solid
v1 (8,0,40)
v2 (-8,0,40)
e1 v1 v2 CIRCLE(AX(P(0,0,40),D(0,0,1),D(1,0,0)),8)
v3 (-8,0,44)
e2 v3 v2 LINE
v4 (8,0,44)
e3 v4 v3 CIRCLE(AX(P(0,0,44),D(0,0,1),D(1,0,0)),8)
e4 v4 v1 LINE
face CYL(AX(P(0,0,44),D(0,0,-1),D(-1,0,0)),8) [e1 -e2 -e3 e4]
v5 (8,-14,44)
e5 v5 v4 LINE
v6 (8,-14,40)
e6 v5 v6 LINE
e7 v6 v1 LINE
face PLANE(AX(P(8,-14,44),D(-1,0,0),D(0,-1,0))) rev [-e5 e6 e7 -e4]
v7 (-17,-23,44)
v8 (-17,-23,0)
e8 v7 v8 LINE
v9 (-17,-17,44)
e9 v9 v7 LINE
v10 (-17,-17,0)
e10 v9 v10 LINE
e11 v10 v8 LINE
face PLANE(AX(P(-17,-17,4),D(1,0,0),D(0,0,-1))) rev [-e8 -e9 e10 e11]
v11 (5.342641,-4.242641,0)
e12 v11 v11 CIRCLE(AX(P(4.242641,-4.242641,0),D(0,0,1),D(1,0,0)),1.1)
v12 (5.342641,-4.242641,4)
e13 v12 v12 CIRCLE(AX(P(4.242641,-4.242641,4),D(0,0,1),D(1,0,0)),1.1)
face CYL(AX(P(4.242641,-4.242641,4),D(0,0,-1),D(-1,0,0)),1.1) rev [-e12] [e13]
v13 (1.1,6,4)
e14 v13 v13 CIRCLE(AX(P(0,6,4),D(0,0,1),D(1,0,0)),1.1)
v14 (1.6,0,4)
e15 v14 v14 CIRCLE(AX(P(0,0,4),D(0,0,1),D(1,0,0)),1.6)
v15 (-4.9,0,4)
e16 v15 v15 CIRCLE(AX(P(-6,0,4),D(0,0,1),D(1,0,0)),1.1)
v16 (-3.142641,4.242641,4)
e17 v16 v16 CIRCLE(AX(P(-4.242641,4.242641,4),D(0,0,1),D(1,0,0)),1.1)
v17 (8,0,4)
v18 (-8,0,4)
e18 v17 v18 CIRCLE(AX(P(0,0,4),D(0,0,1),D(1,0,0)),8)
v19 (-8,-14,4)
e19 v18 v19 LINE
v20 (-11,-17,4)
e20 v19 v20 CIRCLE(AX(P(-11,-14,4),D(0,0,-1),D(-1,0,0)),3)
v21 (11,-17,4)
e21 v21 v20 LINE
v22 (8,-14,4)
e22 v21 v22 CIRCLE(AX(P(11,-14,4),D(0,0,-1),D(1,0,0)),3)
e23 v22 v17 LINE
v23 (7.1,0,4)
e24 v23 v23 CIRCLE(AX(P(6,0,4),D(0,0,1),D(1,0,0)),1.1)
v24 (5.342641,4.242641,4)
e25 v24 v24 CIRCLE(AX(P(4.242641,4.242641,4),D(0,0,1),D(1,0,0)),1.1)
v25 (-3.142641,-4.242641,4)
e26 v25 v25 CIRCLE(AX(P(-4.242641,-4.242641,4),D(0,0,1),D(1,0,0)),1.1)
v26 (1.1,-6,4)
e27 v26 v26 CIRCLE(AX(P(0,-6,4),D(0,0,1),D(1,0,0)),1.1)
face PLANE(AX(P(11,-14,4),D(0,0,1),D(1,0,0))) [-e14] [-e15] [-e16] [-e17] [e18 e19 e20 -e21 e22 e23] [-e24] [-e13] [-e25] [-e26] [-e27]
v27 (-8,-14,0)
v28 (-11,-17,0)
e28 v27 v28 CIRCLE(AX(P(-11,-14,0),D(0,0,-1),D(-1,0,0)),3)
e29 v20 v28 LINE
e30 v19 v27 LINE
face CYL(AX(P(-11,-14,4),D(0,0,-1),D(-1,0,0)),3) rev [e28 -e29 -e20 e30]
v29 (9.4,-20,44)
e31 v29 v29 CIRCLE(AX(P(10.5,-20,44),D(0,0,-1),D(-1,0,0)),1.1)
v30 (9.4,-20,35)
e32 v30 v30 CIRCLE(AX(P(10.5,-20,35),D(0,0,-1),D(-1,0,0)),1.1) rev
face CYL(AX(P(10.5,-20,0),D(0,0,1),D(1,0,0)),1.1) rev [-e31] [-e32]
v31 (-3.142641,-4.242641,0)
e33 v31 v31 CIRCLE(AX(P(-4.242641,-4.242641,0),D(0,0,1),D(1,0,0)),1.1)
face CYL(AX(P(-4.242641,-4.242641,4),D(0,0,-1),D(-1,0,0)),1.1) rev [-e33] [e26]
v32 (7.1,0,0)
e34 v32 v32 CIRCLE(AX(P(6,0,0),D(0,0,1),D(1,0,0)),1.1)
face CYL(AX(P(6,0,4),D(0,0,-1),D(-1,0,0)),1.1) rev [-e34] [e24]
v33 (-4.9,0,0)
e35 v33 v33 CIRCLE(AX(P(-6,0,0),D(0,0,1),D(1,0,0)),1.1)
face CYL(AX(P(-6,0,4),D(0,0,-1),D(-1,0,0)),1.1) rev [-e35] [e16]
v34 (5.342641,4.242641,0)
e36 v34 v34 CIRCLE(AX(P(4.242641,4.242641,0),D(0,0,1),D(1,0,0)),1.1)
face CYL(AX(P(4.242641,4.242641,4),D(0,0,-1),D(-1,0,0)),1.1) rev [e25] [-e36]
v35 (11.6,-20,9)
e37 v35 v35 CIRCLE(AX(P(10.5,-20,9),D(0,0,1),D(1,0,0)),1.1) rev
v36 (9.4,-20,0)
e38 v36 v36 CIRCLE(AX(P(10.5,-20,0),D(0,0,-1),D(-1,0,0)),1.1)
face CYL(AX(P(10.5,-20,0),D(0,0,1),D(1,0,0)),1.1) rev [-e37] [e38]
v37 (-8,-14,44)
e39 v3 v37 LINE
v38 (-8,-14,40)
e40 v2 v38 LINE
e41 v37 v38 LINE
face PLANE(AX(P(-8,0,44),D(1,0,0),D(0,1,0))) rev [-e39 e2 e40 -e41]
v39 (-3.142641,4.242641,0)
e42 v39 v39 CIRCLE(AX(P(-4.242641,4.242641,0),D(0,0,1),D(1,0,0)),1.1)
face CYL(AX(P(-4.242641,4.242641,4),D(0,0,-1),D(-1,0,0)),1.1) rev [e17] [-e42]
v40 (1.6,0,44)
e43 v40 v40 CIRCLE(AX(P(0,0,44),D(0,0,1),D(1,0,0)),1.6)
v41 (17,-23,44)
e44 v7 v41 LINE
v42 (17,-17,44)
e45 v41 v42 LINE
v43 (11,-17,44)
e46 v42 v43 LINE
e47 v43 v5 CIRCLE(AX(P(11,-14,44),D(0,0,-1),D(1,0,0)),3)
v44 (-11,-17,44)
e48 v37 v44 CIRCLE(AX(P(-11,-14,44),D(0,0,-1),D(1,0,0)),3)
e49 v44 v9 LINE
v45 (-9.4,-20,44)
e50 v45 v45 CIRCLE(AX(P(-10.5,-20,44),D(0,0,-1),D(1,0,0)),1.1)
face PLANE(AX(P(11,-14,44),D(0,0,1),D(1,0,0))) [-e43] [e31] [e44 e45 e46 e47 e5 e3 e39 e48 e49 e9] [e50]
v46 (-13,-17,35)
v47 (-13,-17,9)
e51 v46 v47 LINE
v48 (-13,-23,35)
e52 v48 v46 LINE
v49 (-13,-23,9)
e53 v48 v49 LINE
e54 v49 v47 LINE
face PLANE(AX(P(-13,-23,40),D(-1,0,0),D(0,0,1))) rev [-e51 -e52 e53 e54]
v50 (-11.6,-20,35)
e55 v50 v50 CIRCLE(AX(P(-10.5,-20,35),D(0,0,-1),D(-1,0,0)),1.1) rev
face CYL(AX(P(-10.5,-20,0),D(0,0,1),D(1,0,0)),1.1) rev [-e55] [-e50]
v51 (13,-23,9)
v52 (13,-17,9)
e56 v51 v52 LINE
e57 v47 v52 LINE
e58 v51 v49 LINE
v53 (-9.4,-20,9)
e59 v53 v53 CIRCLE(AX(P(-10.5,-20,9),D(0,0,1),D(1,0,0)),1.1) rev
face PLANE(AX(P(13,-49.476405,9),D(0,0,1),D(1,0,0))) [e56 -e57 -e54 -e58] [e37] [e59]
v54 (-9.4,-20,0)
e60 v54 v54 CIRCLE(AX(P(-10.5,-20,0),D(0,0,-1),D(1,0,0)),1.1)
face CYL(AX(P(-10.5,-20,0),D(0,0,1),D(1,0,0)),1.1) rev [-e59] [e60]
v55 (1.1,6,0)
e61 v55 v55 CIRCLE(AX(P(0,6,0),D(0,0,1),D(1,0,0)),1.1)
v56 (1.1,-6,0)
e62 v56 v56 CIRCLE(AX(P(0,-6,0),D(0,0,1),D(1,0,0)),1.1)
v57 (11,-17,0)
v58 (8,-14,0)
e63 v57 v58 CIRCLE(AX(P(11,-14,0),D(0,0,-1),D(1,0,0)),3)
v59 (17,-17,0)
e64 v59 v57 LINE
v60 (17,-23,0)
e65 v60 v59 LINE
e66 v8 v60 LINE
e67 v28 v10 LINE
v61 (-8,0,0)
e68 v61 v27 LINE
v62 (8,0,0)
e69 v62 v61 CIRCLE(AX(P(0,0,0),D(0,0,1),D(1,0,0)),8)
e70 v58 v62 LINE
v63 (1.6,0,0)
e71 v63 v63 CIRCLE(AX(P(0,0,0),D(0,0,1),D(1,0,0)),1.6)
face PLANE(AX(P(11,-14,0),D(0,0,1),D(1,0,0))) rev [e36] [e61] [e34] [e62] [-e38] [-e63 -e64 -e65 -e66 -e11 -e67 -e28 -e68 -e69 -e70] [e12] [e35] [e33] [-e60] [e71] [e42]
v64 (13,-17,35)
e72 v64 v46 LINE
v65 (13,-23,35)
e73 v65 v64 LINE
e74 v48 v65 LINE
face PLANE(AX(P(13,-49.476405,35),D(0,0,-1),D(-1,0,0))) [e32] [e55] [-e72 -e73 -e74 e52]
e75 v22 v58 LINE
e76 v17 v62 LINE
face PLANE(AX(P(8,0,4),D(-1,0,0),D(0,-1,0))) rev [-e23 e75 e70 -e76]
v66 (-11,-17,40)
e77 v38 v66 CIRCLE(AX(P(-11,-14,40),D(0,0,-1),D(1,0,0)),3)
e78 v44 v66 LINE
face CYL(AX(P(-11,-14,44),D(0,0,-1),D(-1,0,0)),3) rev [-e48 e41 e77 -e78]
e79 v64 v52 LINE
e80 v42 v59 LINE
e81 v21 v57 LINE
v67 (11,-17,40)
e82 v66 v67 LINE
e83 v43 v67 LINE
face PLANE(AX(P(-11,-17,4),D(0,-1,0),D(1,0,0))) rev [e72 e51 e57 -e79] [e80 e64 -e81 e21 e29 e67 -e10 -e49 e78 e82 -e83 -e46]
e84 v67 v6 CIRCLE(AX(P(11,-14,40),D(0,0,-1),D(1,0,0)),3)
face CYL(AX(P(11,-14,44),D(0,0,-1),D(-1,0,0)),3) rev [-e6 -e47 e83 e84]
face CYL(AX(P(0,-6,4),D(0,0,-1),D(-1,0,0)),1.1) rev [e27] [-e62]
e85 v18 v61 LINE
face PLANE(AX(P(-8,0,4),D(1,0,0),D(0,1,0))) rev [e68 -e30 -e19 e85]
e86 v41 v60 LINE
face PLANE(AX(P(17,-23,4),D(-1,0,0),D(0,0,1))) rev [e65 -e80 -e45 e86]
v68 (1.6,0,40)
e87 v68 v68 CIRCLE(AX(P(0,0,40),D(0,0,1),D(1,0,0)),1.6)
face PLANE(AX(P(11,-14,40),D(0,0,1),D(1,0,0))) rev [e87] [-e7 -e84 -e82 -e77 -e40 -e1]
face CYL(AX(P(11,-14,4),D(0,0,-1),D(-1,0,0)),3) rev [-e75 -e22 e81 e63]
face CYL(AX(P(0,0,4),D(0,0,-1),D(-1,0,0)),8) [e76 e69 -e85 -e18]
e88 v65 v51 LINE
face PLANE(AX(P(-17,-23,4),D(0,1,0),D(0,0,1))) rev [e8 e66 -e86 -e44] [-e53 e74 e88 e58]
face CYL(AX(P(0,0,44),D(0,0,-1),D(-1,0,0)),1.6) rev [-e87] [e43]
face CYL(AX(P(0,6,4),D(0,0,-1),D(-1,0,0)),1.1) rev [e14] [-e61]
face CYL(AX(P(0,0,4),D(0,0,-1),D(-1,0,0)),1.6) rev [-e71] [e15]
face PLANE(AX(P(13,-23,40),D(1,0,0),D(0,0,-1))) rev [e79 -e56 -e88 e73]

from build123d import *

# Parameters (mm, degrees)
SKETCH_1_R          = 1.1
SKETCH_1_R_2        = 1.6
EXTRUDE_1_DEPTH     = 4
SKETCH_2_W          = 4
SKETCH_2_H          = 6
EXTRUDE_2_DEPTH     = 36
SKETCH_3_R          = 1.6
EXTRUDE_3_DEPTH     = 4
SKETCH_4_W          = 26
SKETCH_4_H          = 5
EXTRUDE_4_DEPTH     = 6
SKETCH_7_R          = 1.1
CUT_EXTRUDE_2_DEPTH = 66.61562314


with BuildPart() as part:
    # ｽｹｯﾁ1 → ﾎﾞｽ - 押し出し1 (new body)
    with BuildSketch(Plane.XY):
        with BuildLine():
            Line((-17, -17), (-17, -23))
            Line((-17, -23), (17, -23))
            Line((17, -23), (17, -17))
            Line((17, -17), (11, -17))
            ThreePointArc((11, -17), (8.878679656, -16.121320344), (8, -14))
            Line((8, -14), (8, 0))
            ThreePointArc((8, 0), (0, 8), (-8, 0))
            Line((-8, 0), (-8, -14))
            ThreePointArc((-8, -14), (-8.878679656, -16.121320344), (-11, -17))
            Line((-11, -17), (-17, -17))
        make_face()
        with Locations((0, 6)):
            Circle(SKETCH_1_R, mode=Mode.SUBTRACT)
        with Locations((4.242640687, 4.242640687)):
            Circle(SKETCH_1_R, mode=Mode.SUBTRACT)
        with Locations((6, 0)):
            Circle(SKETCH_1_R, mode=Mode.SUBTRACT)
        with Locations((4.242640687, -4.242640687)):
            Circle(SKETCH_1_R, mode=Mode.SUBTRACT)
        with Locations((0, -6)):
            Circle(SKETCH_1_R, mode=Mode.SUBTRACT)
        with Locations((-4.242640687, -4.242640687)):
            Circle(SKETCH_1_R, mode=Mode.SUBTRACT)
        with Locations((-6, 0)):
            Circle(SKETCH_1_R, mode=Mode.SUBTRACT)
        with Locations((-4.242640687, 4.242640687)):
            Circle(SKETCH_1_R, mode=Mode.SUBTRACT)
        Circle(SKETCH_1_R_2, mode=Mode.SUBTRACT)
    extrude(amount=EXTRUDE_1_DEPTH)

    # ｽｹｯﾁ2 → ﾎﾞｽ - 押し出し2 (add)
    with BuildSketch(Plane.XY.offset(4)):
        with Locations((-15, -20)):
            Rectangle(SKETCH_2_W, SKETCH_2_H)
        with Locations((15, -20)):
            Rectangle(SKETCH_2_W, SKETCH_2_H)
    extrude(amount=EXTRUDE_2_DEPTH)

    # ｽｹｯﾁ3 → ﾎﾞｽ - 押し出し3 (add)
    with BuildSketch(Plane.XY.offset(40)):
        with BuildLine():
            Line((-11, -17), (-17, -17))
            Line((-17, -17), (-17, -23))
            Line((-17, -23), (17, -23))
            Line((17, -23), (17, -17))
            Line((17, -17), (11, -17))
            ThreePointArc((11, -17), (8.878679656, -16.121320344), (8, -14))
            Line((8, -14), (8, 0))
            ThreePointArc((8, 0), (0, 8), (-8, 0))
            Line((-8, 0), (-8, -14))
            ThreePointArc((-8, -14), (-8.878679656, -16.121320344), (-11, -17))
        make_face()
        Circle(SKETCH_3_R, mode=Mode.SUBTRACT)
    extrude(amount=EXTRUDE_3_DEPTH)

    # ｽｹｯﾁ4 → ﾎﾞｽ - 押し出し4 (add)
    with BuildSketch(Plane(origin=(0, -17, 0), x_dir=(1, 0, 0), z_dir=(0, 1, 0))):
        with Locations((0, -6.5)):
            Rectangle(SKETCH_4_W, SKETCH_4_H)
        with Locations((0, -37.5)):
            Rectangle(SKETCH_4_W, SKETCH_4_H)
    extrude(amount=-EXTRUDE_4_DEPTH)

    # ｽｹｯﾁ7 → ｶｯﾄ - 押し出し2 (cut, through all)
    with BuildSketch(Plane(origin=(-25.9, 0, 44), x_dir=(-1, 0, 0), z_dir=(0, 0, -1))):
        with Locations((-36.4, -20)):
            Circle(SKETCH_7_R)
        with Locations(Location((-15.4, -20, 0), (0, 0, 180))):
            Circle(SKETCH_7_R)
    extrude(amount=CUT_EXTRUDE_2_DEPTH, mode=Mode.SUBTRACT)


solid = part.part
